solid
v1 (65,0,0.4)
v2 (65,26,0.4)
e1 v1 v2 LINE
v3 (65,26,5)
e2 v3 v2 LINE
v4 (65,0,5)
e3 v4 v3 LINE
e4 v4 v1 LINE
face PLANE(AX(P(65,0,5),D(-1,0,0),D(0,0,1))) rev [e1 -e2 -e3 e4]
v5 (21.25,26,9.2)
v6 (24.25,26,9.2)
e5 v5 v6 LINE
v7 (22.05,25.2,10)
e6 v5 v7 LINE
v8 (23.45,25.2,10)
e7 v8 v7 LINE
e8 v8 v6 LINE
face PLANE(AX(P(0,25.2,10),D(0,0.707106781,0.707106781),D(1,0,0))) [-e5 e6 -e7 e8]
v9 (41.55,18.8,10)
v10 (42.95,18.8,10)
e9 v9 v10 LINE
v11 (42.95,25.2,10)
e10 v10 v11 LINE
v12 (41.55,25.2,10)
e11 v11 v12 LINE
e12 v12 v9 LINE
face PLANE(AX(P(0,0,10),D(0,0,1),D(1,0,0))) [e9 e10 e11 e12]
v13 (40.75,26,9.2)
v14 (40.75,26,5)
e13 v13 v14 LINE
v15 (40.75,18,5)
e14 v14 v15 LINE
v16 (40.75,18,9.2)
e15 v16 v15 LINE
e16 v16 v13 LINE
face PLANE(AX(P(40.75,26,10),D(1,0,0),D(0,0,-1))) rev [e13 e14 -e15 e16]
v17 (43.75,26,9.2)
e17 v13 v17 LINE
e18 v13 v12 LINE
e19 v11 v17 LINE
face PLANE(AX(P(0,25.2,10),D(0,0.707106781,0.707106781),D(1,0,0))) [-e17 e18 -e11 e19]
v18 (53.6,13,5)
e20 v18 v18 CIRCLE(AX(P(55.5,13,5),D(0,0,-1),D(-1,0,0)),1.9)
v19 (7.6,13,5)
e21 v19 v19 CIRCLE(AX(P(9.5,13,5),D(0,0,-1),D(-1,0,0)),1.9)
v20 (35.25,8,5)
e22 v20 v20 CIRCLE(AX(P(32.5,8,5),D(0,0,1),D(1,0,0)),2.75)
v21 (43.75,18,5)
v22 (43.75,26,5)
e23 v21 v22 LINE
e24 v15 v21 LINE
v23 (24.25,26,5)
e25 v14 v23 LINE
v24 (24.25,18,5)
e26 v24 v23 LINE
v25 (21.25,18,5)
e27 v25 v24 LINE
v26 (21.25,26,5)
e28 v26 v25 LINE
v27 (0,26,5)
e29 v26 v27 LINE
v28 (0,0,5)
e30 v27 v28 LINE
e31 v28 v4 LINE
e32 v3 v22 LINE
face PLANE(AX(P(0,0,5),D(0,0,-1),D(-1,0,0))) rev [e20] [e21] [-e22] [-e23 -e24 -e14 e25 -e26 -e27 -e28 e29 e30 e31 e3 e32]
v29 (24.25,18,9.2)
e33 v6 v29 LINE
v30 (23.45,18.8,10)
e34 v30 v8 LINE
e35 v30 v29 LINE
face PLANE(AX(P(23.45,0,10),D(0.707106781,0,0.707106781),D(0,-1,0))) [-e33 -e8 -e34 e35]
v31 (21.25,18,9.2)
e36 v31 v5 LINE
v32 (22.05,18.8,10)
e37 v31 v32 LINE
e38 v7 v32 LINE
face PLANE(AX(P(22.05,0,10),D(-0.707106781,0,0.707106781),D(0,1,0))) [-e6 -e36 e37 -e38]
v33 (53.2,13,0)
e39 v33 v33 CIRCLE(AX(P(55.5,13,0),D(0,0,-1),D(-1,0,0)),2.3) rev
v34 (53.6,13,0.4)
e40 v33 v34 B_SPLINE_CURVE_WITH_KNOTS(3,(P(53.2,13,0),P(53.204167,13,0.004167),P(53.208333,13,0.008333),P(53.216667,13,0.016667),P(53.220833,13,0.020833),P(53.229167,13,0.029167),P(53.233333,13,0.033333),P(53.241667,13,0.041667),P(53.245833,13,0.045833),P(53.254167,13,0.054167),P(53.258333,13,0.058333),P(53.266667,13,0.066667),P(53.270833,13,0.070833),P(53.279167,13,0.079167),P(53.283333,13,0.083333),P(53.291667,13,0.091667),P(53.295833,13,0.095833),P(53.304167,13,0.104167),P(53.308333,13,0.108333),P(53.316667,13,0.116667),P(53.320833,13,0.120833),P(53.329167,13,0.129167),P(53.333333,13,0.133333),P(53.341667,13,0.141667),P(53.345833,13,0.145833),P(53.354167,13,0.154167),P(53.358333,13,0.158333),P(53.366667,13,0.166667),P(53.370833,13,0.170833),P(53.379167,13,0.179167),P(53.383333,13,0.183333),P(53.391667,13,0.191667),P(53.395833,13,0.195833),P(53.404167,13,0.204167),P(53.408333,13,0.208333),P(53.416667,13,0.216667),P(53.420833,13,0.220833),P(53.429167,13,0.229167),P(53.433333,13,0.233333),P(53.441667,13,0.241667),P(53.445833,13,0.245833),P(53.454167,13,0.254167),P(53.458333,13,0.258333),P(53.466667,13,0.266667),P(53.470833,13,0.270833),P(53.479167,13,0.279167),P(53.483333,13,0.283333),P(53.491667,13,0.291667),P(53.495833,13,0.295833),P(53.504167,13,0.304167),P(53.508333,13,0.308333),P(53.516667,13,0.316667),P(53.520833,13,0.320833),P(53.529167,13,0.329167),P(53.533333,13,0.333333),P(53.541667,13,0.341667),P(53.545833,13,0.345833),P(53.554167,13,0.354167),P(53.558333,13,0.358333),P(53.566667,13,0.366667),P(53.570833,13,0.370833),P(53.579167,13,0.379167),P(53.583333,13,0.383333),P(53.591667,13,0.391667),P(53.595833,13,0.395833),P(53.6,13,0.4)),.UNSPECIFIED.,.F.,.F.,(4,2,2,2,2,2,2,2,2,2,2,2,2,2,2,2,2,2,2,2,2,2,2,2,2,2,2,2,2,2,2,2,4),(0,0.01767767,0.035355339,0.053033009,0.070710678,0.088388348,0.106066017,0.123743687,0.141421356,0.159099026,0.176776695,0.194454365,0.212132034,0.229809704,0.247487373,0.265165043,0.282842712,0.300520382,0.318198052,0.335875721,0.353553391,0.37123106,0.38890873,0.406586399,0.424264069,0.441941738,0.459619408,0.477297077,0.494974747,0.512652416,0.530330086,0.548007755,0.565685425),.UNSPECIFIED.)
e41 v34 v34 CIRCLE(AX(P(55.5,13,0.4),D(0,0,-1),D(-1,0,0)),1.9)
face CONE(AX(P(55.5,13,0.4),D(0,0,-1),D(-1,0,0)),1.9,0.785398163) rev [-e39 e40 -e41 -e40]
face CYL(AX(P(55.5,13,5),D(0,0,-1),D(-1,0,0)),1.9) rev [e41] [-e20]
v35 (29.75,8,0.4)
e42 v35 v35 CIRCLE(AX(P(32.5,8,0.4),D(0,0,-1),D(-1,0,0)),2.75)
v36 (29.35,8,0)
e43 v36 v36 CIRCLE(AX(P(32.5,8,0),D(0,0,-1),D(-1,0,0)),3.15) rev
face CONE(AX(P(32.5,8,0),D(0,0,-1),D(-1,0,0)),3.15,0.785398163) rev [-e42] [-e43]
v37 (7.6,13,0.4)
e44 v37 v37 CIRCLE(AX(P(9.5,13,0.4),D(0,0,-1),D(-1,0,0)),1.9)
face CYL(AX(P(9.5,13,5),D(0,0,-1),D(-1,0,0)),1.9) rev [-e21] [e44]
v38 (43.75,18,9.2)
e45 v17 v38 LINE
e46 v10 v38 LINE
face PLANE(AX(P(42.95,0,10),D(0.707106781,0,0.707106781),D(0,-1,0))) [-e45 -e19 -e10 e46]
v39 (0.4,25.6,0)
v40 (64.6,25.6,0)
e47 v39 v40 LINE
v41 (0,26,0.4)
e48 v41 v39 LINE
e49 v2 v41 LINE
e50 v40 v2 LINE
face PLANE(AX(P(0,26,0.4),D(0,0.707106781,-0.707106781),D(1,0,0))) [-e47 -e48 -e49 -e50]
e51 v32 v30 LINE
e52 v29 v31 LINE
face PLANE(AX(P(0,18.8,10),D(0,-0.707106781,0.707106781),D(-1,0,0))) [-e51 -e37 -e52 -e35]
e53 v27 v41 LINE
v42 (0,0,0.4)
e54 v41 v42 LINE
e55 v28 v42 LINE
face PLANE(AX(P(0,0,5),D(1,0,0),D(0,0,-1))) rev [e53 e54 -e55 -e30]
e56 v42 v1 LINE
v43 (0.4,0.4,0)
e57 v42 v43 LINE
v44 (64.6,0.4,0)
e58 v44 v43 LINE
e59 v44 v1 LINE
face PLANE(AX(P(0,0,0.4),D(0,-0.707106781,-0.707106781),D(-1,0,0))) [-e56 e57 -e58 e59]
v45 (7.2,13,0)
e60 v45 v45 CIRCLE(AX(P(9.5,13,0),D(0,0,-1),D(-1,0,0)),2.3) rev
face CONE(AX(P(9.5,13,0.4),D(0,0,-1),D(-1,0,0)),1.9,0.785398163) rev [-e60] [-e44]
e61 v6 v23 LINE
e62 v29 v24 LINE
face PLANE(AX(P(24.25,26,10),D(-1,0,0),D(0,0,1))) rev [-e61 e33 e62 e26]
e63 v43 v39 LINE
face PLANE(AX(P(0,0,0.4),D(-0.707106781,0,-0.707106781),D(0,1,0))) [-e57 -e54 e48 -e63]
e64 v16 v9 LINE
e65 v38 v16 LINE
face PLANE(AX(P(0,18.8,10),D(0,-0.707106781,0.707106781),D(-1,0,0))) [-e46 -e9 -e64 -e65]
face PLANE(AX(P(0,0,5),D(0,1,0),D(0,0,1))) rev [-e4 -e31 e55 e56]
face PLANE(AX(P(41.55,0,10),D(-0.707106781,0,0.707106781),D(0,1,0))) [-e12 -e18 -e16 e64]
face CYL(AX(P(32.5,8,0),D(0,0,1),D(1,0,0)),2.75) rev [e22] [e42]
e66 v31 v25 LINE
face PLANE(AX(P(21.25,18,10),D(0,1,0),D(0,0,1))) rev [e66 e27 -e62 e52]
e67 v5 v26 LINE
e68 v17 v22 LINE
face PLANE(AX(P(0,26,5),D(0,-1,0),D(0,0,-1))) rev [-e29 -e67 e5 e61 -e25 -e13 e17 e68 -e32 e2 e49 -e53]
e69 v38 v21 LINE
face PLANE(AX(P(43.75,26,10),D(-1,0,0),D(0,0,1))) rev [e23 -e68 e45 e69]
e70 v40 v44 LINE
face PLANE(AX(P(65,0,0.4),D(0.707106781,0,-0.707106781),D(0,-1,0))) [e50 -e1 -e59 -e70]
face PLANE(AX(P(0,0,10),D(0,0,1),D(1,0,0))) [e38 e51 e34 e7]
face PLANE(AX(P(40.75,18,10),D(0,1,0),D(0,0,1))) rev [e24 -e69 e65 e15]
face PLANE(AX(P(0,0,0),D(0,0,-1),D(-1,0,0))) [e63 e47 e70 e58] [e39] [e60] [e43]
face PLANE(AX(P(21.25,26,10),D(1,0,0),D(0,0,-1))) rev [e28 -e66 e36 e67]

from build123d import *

# Parameters (mm, degrees)
SKETCH1_W           = 65
SKETCH1_H           = 26
BOSS_EXTRUDE1_DEPTH = 5
SKETCH2_R           = 2.75
CUT_EXTRUDE1_DEPTH  = 5
SKETCH3_W           = 3
SKETCH3_H           = 8
BOSS_EXTRUDE2_DEPTH = 5
CHAMFER1_SIZE       = 0.8
SKETCH4_R           = 1.9
CUT_EXTRUDE2_DEPTH  = 5
CHAMFER2_SIZE       = 0.4


with BuildPart() as part:
    # Sketch1 → Boss-Extrude1 (new body)
    with BuildSketch(Plane.XY):
        with Locations((32.5, 13)):
            Rectangle(SKETCH1_W, SKETCH1_H)
    extrude(amount=BOSS_EXTRUDE1_DEPTH)

    # Sketch2 → Cut-Extrude1 (cut)
    with BuildSketch(Plane.XY.offset(5)):
        with Locations((32.5, 8)):
            Circle(SKETCH2_R)
    extrude(amount=-CUT_EXTRUDE1_DEPTH, mode=Mode.SUBTRACT)

    # Sketch3 → Boss-Extrude2 (add)
    with BuildSketch(Plane.XY.offset(5)):
        with Locations((22.75, 22)):
            Rectangle(SKETCH3_W, SKETCH3_H)
        with Locations((42.25, 22)):
            Rectangle(SKETCH3_W, SKETCH3_H)
    extrude(amount=BOSS_EXTRUDE2_DEPTH)

    # Chamfer1
    chamfer1_edges = [part.edges().sort_by_distance(p)[0] for p in [
        (21.25, 22, 10),
        (22.75, 18, 10),
        (24.25, 22, 10),
        (22.75, 26, 10),
        (40.75, 22, 10),
        (42.25, 18, 10),
        (43.75, 22, 10),
        (42.25, 26, 10),
    ]]
    chamfer(chamfer1_edges, length=CHAMFER1_SIZE)

    # Sketch4 → Cut-Extrude2 (cut)
    with BuildSketch(Plane(origin=(0, 0, 0), x_dir=(-1, 0, 0), z_dir=(0, 0, -1))):
        with Locations((-55.5, 13)):
            Circle(SKETCH4_R)
        with Locations((-9.5, 13)):
            Circle(SKETCH4_R)
    extrude(amount=-CUT_EXTRUDE2_DEPTH, mode=Mode.SUBTRACT)

    # Chamfer2
    chamfer2_edges = [part.edges().sort_by_distance(p)[0] for p in [
        (29.75, 8, 0),
        (32.5, 26, 0),
        (65, 13, 0),
        (32.5, 0, 0),
        (0, 13, 0),
        (57.4, 13, 0),
        (11.4, 13, 0),
    ]]
    chamfer(chamfer2_edges, length=CHAMFER2_SIZE)


solid = part.part
